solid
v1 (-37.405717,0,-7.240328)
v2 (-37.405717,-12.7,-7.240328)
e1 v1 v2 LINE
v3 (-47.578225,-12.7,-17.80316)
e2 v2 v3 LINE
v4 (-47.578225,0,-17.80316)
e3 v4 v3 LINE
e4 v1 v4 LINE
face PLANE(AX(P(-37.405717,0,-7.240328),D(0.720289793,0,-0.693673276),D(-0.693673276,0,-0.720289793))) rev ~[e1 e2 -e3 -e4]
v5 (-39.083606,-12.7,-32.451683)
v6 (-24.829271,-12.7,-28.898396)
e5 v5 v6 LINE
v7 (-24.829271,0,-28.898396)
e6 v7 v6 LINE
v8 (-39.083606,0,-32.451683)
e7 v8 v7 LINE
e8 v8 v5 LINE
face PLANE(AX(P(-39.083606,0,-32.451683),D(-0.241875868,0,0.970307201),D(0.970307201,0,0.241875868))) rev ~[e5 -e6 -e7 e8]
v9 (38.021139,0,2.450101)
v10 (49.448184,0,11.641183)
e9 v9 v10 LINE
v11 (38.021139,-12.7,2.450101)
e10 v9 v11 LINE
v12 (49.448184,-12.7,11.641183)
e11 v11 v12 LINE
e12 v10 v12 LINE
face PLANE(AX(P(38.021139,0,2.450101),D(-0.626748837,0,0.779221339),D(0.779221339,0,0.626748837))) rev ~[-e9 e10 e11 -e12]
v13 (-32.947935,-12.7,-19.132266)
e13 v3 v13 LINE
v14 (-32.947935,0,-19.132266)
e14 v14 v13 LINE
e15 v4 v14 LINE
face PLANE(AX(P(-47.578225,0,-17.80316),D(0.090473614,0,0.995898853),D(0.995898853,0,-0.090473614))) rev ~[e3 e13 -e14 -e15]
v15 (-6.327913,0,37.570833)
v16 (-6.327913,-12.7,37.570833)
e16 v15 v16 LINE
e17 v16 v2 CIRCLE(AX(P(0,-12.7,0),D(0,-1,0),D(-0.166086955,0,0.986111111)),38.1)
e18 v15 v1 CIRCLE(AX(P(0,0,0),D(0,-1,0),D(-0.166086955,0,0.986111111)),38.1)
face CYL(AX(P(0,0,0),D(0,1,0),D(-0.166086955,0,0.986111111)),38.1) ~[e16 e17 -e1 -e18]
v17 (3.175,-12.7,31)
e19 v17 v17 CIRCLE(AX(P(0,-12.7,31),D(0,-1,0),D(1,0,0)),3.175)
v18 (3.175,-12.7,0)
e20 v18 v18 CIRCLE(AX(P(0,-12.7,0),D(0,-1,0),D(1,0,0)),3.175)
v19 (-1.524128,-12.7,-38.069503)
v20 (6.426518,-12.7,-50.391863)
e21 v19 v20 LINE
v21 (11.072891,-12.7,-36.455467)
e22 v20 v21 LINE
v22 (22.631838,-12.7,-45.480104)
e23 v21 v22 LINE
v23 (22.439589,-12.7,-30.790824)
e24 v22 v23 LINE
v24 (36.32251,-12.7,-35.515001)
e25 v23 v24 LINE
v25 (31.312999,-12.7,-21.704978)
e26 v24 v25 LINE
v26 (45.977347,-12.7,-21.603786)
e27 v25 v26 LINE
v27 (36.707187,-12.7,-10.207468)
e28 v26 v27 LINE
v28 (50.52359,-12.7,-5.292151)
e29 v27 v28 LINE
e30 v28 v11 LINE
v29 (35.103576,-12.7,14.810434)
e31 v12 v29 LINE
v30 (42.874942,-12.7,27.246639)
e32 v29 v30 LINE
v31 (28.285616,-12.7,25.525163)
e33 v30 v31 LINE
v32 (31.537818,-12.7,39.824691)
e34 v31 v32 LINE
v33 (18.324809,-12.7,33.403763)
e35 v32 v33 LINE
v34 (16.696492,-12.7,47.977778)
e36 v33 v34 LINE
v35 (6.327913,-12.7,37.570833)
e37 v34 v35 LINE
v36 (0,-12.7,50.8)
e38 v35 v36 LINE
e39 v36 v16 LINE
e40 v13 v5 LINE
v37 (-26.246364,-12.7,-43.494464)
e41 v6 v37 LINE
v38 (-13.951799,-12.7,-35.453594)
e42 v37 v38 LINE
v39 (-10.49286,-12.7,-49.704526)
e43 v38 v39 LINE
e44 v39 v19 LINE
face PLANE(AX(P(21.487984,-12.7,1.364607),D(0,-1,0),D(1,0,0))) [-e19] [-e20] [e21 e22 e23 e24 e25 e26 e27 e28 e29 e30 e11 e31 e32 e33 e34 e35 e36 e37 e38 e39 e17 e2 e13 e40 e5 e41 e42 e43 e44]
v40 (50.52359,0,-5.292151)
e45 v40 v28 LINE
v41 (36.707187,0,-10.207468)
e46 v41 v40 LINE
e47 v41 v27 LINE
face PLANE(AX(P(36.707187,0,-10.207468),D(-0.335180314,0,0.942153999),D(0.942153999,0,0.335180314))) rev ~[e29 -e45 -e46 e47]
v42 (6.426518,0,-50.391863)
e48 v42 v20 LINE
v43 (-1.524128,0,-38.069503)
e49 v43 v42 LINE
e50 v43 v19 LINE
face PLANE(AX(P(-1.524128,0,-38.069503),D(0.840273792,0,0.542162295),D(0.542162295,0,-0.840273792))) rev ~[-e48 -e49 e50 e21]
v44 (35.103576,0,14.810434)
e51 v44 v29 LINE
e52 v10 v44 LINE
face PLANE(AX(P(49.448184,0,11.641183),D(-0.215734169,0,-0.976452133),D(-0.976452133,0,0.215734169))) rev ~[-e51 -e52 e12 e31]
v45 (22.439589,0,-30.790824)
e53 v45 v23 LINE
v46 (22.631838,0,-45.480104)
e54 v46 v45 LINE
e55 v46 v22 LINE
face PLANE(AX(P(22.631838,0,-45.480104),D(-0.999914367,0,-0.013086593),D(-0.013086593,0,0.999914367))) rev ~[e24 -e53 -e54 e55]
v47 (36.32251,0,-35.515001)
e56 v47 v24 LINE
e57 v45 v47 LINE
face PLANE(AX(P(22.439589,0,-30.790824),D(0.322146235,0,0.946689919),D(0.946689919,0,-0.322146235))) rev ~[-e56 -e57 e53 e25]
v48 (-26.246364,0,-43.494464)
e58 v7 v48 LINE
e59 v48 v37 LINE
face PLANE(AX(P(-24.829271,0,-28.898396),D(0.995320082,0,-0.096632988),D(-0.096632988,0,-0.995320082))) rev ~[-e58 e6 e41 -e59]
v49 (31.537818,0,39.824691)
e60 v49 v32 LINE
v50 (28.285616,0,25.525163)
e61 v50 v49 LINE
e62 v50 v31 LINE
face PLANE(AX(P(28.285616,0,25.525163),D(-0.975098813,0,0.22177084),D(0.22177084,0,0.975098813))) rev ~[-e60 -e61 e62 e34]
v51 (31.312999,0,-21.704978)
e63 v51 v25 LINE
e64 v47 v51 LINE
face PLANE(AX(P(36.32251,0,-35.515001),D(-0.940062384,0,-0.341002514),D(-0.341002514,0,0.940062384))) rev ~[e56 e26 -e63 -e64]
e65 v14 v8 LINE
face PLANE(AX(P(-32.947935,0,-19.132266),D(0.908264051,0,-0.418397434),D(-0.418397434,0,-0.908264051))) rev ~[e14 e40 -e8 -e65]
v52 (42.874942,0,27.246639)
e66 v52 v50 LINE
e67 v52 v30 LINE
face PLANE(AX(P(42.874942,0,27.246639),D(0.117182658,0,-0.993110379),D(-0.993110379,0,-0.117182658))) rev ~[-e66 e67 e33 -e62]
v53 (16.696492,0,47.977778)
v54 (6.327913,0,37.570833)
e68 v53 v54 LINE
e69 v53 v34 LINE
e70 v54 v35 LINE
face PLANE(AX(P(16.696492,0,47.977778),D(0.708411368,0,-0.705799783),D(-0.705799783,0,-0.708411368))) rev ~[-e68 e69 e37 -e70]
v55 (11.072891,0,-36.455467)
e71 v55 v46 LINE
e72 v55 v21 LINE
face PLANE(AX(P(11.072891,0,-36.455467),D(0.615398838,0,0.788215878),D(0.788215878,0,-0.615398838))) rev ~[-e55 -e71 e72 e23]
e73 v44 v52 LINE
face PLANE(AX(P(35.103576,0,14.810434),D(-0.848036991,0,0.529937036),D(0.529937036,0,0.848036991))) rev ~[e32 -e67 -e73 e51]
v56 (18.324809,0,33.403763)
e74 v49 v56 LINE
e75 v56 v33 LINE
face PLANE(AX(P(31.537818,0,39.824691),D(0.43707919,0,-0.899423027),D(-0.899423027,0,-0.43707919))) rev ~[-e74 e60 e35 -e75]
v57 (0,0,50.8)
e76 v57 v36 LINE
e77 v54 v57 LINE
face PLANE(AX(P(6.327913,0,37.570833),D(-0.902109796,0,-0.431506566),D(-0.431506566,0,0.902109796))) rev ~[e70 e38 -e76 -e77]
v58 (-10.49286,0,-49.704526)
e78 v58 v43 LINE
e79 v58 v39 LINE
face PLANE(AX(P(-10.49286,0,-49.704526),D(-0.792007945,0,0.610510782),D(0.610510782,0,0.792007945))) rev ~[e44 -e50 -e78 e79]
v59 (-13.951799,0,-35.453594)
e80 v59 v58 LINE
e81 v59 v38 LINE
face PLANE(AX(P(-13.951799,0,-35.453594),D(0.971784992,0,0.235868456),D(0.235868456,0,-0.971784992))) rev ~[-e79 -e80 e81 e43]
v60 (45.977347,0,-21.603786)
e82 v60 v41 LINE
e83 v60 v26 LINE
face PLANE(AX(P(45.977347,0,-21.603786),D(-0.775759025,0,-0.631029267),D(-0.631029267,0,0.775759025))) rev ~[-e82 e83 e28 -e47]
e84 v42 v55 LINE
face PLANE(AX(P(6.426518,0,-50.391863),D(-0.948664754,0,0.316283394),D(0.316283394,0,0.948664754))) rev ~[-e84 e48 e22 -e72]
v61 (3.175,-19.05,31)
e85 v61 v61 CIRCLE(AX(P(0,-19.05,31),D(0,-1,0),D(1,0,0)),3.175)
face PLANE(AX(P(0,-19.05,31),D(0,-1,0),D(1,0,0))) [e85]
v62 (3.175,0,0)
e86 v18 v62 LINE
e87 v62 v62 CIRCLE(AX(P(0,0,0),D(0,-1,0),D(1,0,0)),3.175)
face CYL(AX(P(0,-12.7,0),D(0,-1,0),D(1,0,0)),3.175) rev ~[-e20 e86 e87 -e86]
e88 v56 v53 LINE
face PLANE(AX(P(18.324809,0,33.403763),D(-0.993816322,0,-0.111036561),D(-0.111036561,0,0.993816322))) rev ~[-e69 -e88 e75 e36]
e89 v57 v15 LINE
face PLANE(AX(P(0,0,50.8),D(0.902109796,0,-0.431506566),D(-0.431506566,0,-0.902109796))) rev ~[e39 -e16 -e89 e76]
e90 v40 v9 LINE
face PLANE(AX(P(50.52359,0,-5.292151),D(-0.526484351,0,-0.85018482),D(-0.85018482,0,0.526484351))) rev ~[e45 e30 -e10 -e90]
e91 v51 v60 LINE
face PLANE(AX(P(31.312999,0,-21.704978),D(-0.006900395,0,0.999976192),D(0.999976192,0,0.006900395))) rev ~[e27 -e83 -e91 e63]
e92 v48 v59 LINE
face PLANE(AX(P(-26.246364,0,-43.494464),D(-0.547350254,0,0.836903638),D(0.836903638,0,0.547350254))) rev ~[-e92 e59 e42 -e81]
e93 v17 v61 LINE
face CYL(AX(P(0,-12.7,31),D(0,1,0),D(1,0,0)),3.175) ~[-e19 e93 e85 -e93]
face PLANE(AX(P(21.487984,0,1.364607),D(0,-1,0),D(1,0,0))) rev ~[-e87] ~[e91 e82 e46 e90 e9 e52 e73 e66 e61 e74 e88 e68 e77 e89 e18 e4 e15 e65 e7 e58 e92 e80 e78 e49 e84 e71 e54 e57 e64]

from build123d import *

# Parameters (mm, degrees)
F1_DEPTH = 12.7
F2_R     = 3.175
F3_DEPTH = 25.4
F4_R     = 3.175
F5_DEPTH = 6.35


with BuildPart() as f1:
    # F0 (on Front) → F1 (new body)
    with BuildSketch(Plane.XZ):
        with BuildLine():
            ThreePointArc((37.8926924679, -3.9691129401), (38.0481378193, -1.9872615545), (38.1, 0))
            ThreePointArc((38.1, 0), (38.0802796265, 1.2256849392), (38.0211389202, 2.4501010613))
            ThreePointArc((38.0211389202, 2.4501010613), (37.6847159913, 5.6100071882), (37.0861377222, 8.7308870599))
            Line((37.0861377222, 8.7308870599), (0, 0))
            Line((0, 0), (37.8926924679, -3.9691129401))
        make_face()
        with BuildLine():
            ThreePointArc((38.0211389202, 2.4501010613), (38.0802796265, 1.2256849392), (38.1, 0))
            ThreePointArc((38.1, 0), (38.0481378193, -1.9872615545), (37.8926924679, -3.9691129401))
            Line((37.8926924679, -3.9691129401), (50.5235899572, -5.2921505868))
            Line((50.5235899572, -5.2921505868), (38.0211389202, 2.4501010613))
        make_face()
        with BuildLine():
            ThreePointArc((37.0861377222, 8.7308870599), (37.6847159913, 5.6100071882), (38.0211389202, 2.4501010613))
            Line((38.0211389202, 2.4501010613), (49.4481836296, 11.6411827465))
            Line((49.4481836296, 11.6411827465), (37.0861377222, 8.7308870599))
        make_face()
        with BuildLine():
            Line((50.5235899572, -5.2921505868), (37.8926924679, -3.9691129401))
            ThreePointArc((37.8926924679, -3.9691129401), (37.4301319875, -7.1130316604), (36.7071871912, -10.2074682713))
            Line((36.7071871912, -10.2074682713), (50.5235899572, -5.2921505868))
        make_face()
        with BuildLine():
            ThreePointArc((36.7071871912, -10.2074682713), (37.4301319875, -7.1130316604), (37.8926924679, -3.9691129401))
            Line((37.8926924679, -3.9691129401), (0, 0))
            Line((0, 0), (34.4830101741, -16.2028395455))
            ThreePointArc((34.4830101741, -16.2028395455), (35.7211025782, -13.2518991317), (36.7071871912, -10.2074682713))
        make_face()
        with BuildLine():
            Line((0, 0), (37.0861377222, 8.7308870599))
            ThreePointArc((37.0861377222, 8.7308870599), (36.22262987, 11.8123276834), (35.103576016, 14.8104338522))
            ThreePointArc((35.103576016, 14.8104338522), (33.7472734302, 17.6842171449), (32.1562064918, 20.4349794239))
            Line((32.1562064918, 20.4349794239), (0, 0))
        make_face()
        with BuildLine():
            ThreePointArc((35.103576016, 14.8104338522), (36.22262987, 11.8123276834), (37.0861377222, 8.7308870599))
            Line((37.0861377222, 8.7308870599), (49.4481836296, 11.6411827465))
            Line((49.4481836296, 11.6411827465), (35.103576016, 14.8104338522))
        make_face()
        with BuildLine():
            Line((45.9773468987, -21.6037860606), (36.7071871912, -10.2074682713))
            ThreePointArc((36.7071871912, -10.2074682713), (35.7211025782, -13.2518991317), (34.4830101741, -16.2028395455))
            Line((34.4830101741, -16.2028395455), (45.9773468987, -21.6037860606))
        make_face()
        with BuildLine():
            Line((-35.6836687657, -13.3523699552), (0, 0))
            Line((0, 0), (12.5223688742, 35.9833333333))
            ThreePointArc((12.5223688742, 35.9833333333), (9.4585051951, 36.9072713632), (6.3279129766, 37.5708333333))
            ThreePointArc((6.3279129766, 37.5708333333), (3.175, 37.9674778593), (0, 38.1))
            ThreePointArc((0, 38.1), (-3.175, 37.9674778593), (-6.3279129766, 37.5708333333))
            ThreePointArc((-6.3279129766, 37.5708333333), (-31.3076292243, 21.7127232827), (-37.4057167198, -7.2403284924))
            ThreePointArc((-37.4057167198, -7.2403284924), (-36.6722487771, -10.3322877248), (-35.6836687657, -13.3523699552))
        make_face()
        with BuildLine():
            Line((12.5223688742, 35.9833333333), (0, 0))
            Line((0, 0), (23.6533634291, 29.8685185185))
            ThreePointArc((23.6533634291, 29.8685185185), (21.0633861266, 31.7481301006), (18.3248093399, 33.403762702))
            ThreePointArc((18.3248093399, 33.403762702), (15.4774237877, 34.8146427943), (12.5223688742, 35.9833333333))
        make_face()
        with BuildLine():
            Line((23.6533634291, 29.8685185185), (0, 0))
            Line((0, 0), (32.1562064918, 20.4349794239))
            ThreePointArc((32.1562064918, 20.4349794239), (30.3278908217, 23.0614188268), (28.2856157767, 25.5251628816))
            ThreePointArc((28.2856157767, 25.5251628816), (26.0601338212, 27.7935140855), (23.6533634291, 29.8685185185))
        make_face()
        with BuildLine():
            Line((34.4830101741, -16.2028395455), (0, 0))
            Line((0, 0), (27.2418823053, -26.6362506458))
            ThreePointArc((27.2418823053, -26.6362506458), (29.3810806272, -24.2561765573), (31.3129991985, -21.7049782583))
            ThreePointArc((31.3129991985, -21.7049782583), (33.0128322769, -19.0200658531), (34.4830101741, -16.2028395455))
        make_face()
        with BuildLine():
            Line((27.2418823053, -26.6362506458), (0, 0))
            Line((0, 0), (16.9738786248, -34.110078341))
            ThreePointArc((16.9738786248, -34.110078341), (19.776494162, -32.5653232543), (22.4395890727, -30.7908239943))
            ThreePointArc((22.4395890727, -30.7908239943), (24.9274400911, -28.8137593955), (27.2418823053, -26.6362506458))
        make_face()
        with BuildLine():
            Line((16.9738786248, -34.110078341), (0, 0))
            Line((0, 0), (4.8198884305, -37.7938973317))
            ThreePointArc((4.8198884305, -37.7938973317), (7.9745194566, -37.2561007009), (11.0728912721, -36.4554670643))
            ThreePointArc((11.0728912721, -36.4554670643), (14.0723323397, -35.4059241162), (16.9738786248, -34.110078341))
        make_face()
        with BuildLine():
            Line((4.8198884305, -37.7938973317), (0, 0))
            Line((0, 0), (-7.8696449228, -37.2783943966))
            ThreePointArc((-7.8696449228, -37.2783943966), (-4.7135129662, -37.8073114029), (-1.5241277809, -38.0695026827))
            ThreePointArc((-1.5241277809, -38.0695026827), (1.6536321061, -38.0640972684), (4.8198884305, -37.7938973317))
        make_face()
        with BuildLine():
            Line((-7.8696449228, -37.2783943966), (0, 0))
            Line((0, 0), (-19.6847732846, -32.6208476397))
            ThreePointArc((-19.6847732846, -32.6208476397), (-16.8778217261, -34.1577097268), (-13.9517993027, -35.4535935586))
            ThreePointArc((-13.9517993027, -35.4535935586), (-10.9488050282, -36.4929262797), (-7.8696449228, -37.2783943966))
        make_face()
        with BuildLine():
            Line((-19.6847732846, -32.6208476397), (0, 0))
            Line((0, 0), (-29.3127046149, -24.3387622561))
            ThreePointArc((-29.3127046149, -24.3387622561), (-27.1668169608, -26.71280697), (-24.829270902, -28.8983962613))
            ThreePointArc((-24.829270902, -28.8983962613), (-22.3347082705, -30.8669857043), (-19.6847732846, -32.6208476397))
        make_face()
        with BuildLine():
            Line((-29.3127046149, -24.3387622561), (0, 0))
            Line((0, 0), (-35.6836687657, -13.3523699552))
            ThreePointArc((-35.6836687657, -13.3523699552), (-34.4372769777, -16.2998145498), (-32.9479346233, -19.1322660461))
            ThreePointArc((-32.9479346233, -19.1322660461), (-31.2389772605, -21.8113800507), (-29.3127046149, -24.3387622561))
        make_face()
        with BuildLine():
            ThreePointArc((32.1562064918, 20.4349794239), (33.7472734302, 17.6842171449), (35.103576016, 14.8104338522))
            Line((35.103576016, 14.8104338522), (42.8749419891, 27.2466392318))
            Line((42.8749419891, 27.2466392318), (32.1562064918, 20.4349794239))
        make_face()
        with BuildLine():
            Line((45.9773468987, -21.6037860606), (34.4830101741, -16.2028395455))
            ThreePointArc((34.4830101741, -16.2028395455), (33.0128322769, -19.0200658531), (31.3129991985, -21.7049782583))
            Line((31.3129991985, -21.7049782583), (45.9773468987, -21.6037860606))
        make_face()
        with BuildLine():
            Line((16.6964918323, 47.9777777778), (12.5223688742, 35.9833333333))
            ThreePointArc((12.5223688742, 35.9833333333), (15.4774237877, 34.8146427943), (18.3248093399, 33.403762702))
            Line((18.3248093399, 33.403762702), (16.6964918323, 47.9777777778))
        make_face()
        with BuildLine():
            ThreePointArc((6.3279129766, 37.5708333333), (9.4585051951, 36.9072713632), (12.5223688742, 35.9833333333))
            Line((12.5223688742, 35.9833333333), (16.6964918323, 47.9777777778))
            Line((16.6964918323, 47.9777777778), (6.3279129766, 37.5708333333))
        make_face()
        with BuildLine():
            Line((31.5378179055, 39.824691358), (23.6533634291, 29.8685185185))
            ThreePointArc((23.6533634291, 29.8685185185), (26.0601338212, 27.7935140855), (28.2856157767, 25.5251628816))
            Line((28.2856157767, 25.5251628816), (31.5378179055, 39.824691358))
        make_face()
        with BuildLine():
            ThreePointArc((18.3248093399, 33.403762702), (21.0633861266, 31.7481301006), (23.6533634291, 29.8685185185))
            Line((23.6533634291, 29.8685185185), (31.5378179055, 39.824691358))
            Line((31.5378179055, 39.824691358), (18.3248093399, 33.403762702))
        make_face()
        with BuildLine():
            ThreePointArc((28.2856157767, 25.5251628816), (30.3278908217, 23.0614188268), (32.1562064918, 20.4349794239))
            Line((32.1562064918, 20.4349794239), (42.8749419891, 27.2466392318))
            Line((42.8749419891, 27.2466392318), (28.2856157767, 25.5251628816))
        make_face()
        with BuildLine():
            Line((36.3225097404, -35.515000861), (27.2418823053, -26.6362506458))
            ThreePointArc((27.2418823053, -26.6362506458), (24.9274400911, -28.8137593955), (22.4395890727, -30.7908239943))
            Line((22.4395890727, -30.7908239943), (36.3225097404, -35.515000861))
        make_face()
        with BuildLine():
            ThreePointArc((31.3129991985, -21.7049782583), (29.3810806272, -24.2561765573), (27.2418823053, -26.6362506458))
            Line((27.2418823053, -26.6362506458), (36.3225097404, -35.515000861))
            Line((36.3225097404, -35.515000861), (31.3129991985, -21.7049782583))
        make_face()
        with BuildLine():
            Line((22.6318381664, -45.4801044547), (16.9738786248, -34.110078341))
            ThreePointArc((16.9738786248, -34.110078341), (14.0723323397, -35.4059241162), (11.0728912721, -36.4554670643))
            Line((11.0728912721, -36.4554670643), (22.6318381664, -45.4801044547))
        make_face()
        with BuildLine():
            ThreePointArc((22.4395890727, -30.7908239943), (19.776494162, -32.5653232543), (16.9738786248, -34.110078341))
            Line((16.9738786248, -34.110078341), (22.6318381664, -45.4801044547))
            Line((22.6318381664, -45.4801044547), (22.4395890727, -30.7908239943))
        make_face()
        with BuildLine():
            Line((6.4265179073, -50.3918631089), (4.8198884305, -37.7938973317))
            ThreePointArc((4.8198884305, -37.7938973317), (1.6536321061, -38.0640972684), (-1.5241277809, -38.0695026827))
            Line((-1.5241277809, -38.0695026827), (6.4265179073, -50.3918631089))
        make_face()
        with BuildLine():
            ThreePointArc((11.0728912721, -36.4554670643), (7.9745194566, -37.2561007009), (4.8198884305, -37.7938973317))
            Line((4.8198884305, -37.7938973317), (6.4265179073, -50.3918631089))
            Line((6.4265179073, -50.3918631089), (11.0728912721, -36.4554670643))
        make_face()
        with BuildLine():
            Line((-10.4928598971, -49.7045258621), (-7.8696449228, -37.2783943966))
            ThreePointArc((-7.8696449228, -37.2783943966), (-10.9488050282, -36.4929262797), (-13.9517993027, -35.4535935586))
            Line((-13.9517993027, -35.4535935586), (-10.4928598971, -49.7045258621))
        make_face()
        with BuildLine():
            ThreePointArc((-1.5241277809, -38.0695026827), (-4.7135129662, -37.8073114029), (-7.8696449228, -37.2783943966))
            Line((-7.8696449228, -37.2783943966), (-10.4928598971, -49.7045258621))
            Line((-10.4928598971, -49.7045258621), (-1.5241277809, -38.0695026827))
        make_face()
        with BuildLine():
            Line((-26.2463643795, -43.4944635196), (-19.6847732846, -32.6208476397))
            ThreePointArc((-19.6847732846, -32.6208476397), (-22.3347082705, -30.8669857043), (-24.829270902, -28.8983962613))
            Line((-24.829270902, -28.8983962613), (-26.2463643795, -43.4944635196))
        make_face()
        with BuildLine():
            ThreePointArc((-13.9517993027, -35.4535935586), (-16.8778217261, -34.1577097268), (-19.6847732846, -32.6208476397))
            Line((-19.6847732846, -32.6208476397), (-26.2463643795, -43.4944635196))
            Line((-26.2463643795, -43.4944635196), (-13.9517993027, -35.4535935586))
        make_face()
        with BuildLine():
            Line((-39.0836061532, -32.4516830082), (-29.3127046149, -24.3387622561))
            ThreePointArc((-29.3127046149, -24.3387622561), (-31.2389772605, -21.8113800507), (-32.9479346233, -19.1322660461))
            Line((-32.9479346233, -19.1322660461), (-39.0836061532, -32.4516830082))
        make_face()
        with BuildLine():
            ThreePointArc((-24.829270902, -28.8983962613), (-27.1668169608, -26.71280697), (-29.3127046149, -24.3387622561))
            Line((-29.3127046149, -24.3387622561), (-39.0836061532, -32.4516830082))
            Line((-39.0836061532, -32.4516830082), (-24.829270902, -28.8983962613))
        make_face()
        with BuildLine():
            Line((-47.5782250209, -17.8031599403), (-35.6836687657, -13.3523699552))
            ThreePointArc((-35.6836687657, -13.3523699552), (-36.6722487771, -10.3322877248), (-37.4057167198, -7.2403284924))
            Line((-37.4057167198, -7.2403284924), (-47.5782250209, -17.8031599403))
        make_face()
        with BuildLine():
            ThreePointArc((-32.9479346233, -19.1322660461), (-34.4372769777, -16.2998145498), (-35.6836687657, -13.3523699552))
            Line((-35.6836687657, -13.3523699552), (-47.5782250209, -17.8031599403))
            Line((-47.5782250209, -17.8031599403), (-32.9479346233, -19.1322660461))
        make_face()
        with BuildLine():
            ThreePointArc((0, 38.1), (3.175, 37.9674778593), (6.3279129766, 37.5708333333))
            Line((6.3279129766, 37.5708333333), (0, 50.8))
            Line((0, 50.8), (0, 38.1))
        make_face()
        with BuildLine():
            ThreePointArc((-6.3279129766, 37.5708333333), (-3.175, 37.9674778593), (0, 38.1))
            Line((0, 38.1), (0, 50.8))
            Line((0, 50.8), (-6.3279129766, 37.5708333333))
        make_face()
    extrude(amount=F1_DEPTH)

    # F2 (on face) → F3 (cut)
    with BuildSketch(Plane.XZ.offset(12.7)):
        Circle(F2_R)
    extrude(amount=-F3_DEPTH, mode=Mode.SUBTRACT)

    # F4 (on face) → F5 (join)
    with BuildSketch(Plane.XZ.offset(12.7)):
        with Locations((0, 31)):
            Circle(F4_R)
    extrude(amount=F5_DEPTH)


solid = f1.part
